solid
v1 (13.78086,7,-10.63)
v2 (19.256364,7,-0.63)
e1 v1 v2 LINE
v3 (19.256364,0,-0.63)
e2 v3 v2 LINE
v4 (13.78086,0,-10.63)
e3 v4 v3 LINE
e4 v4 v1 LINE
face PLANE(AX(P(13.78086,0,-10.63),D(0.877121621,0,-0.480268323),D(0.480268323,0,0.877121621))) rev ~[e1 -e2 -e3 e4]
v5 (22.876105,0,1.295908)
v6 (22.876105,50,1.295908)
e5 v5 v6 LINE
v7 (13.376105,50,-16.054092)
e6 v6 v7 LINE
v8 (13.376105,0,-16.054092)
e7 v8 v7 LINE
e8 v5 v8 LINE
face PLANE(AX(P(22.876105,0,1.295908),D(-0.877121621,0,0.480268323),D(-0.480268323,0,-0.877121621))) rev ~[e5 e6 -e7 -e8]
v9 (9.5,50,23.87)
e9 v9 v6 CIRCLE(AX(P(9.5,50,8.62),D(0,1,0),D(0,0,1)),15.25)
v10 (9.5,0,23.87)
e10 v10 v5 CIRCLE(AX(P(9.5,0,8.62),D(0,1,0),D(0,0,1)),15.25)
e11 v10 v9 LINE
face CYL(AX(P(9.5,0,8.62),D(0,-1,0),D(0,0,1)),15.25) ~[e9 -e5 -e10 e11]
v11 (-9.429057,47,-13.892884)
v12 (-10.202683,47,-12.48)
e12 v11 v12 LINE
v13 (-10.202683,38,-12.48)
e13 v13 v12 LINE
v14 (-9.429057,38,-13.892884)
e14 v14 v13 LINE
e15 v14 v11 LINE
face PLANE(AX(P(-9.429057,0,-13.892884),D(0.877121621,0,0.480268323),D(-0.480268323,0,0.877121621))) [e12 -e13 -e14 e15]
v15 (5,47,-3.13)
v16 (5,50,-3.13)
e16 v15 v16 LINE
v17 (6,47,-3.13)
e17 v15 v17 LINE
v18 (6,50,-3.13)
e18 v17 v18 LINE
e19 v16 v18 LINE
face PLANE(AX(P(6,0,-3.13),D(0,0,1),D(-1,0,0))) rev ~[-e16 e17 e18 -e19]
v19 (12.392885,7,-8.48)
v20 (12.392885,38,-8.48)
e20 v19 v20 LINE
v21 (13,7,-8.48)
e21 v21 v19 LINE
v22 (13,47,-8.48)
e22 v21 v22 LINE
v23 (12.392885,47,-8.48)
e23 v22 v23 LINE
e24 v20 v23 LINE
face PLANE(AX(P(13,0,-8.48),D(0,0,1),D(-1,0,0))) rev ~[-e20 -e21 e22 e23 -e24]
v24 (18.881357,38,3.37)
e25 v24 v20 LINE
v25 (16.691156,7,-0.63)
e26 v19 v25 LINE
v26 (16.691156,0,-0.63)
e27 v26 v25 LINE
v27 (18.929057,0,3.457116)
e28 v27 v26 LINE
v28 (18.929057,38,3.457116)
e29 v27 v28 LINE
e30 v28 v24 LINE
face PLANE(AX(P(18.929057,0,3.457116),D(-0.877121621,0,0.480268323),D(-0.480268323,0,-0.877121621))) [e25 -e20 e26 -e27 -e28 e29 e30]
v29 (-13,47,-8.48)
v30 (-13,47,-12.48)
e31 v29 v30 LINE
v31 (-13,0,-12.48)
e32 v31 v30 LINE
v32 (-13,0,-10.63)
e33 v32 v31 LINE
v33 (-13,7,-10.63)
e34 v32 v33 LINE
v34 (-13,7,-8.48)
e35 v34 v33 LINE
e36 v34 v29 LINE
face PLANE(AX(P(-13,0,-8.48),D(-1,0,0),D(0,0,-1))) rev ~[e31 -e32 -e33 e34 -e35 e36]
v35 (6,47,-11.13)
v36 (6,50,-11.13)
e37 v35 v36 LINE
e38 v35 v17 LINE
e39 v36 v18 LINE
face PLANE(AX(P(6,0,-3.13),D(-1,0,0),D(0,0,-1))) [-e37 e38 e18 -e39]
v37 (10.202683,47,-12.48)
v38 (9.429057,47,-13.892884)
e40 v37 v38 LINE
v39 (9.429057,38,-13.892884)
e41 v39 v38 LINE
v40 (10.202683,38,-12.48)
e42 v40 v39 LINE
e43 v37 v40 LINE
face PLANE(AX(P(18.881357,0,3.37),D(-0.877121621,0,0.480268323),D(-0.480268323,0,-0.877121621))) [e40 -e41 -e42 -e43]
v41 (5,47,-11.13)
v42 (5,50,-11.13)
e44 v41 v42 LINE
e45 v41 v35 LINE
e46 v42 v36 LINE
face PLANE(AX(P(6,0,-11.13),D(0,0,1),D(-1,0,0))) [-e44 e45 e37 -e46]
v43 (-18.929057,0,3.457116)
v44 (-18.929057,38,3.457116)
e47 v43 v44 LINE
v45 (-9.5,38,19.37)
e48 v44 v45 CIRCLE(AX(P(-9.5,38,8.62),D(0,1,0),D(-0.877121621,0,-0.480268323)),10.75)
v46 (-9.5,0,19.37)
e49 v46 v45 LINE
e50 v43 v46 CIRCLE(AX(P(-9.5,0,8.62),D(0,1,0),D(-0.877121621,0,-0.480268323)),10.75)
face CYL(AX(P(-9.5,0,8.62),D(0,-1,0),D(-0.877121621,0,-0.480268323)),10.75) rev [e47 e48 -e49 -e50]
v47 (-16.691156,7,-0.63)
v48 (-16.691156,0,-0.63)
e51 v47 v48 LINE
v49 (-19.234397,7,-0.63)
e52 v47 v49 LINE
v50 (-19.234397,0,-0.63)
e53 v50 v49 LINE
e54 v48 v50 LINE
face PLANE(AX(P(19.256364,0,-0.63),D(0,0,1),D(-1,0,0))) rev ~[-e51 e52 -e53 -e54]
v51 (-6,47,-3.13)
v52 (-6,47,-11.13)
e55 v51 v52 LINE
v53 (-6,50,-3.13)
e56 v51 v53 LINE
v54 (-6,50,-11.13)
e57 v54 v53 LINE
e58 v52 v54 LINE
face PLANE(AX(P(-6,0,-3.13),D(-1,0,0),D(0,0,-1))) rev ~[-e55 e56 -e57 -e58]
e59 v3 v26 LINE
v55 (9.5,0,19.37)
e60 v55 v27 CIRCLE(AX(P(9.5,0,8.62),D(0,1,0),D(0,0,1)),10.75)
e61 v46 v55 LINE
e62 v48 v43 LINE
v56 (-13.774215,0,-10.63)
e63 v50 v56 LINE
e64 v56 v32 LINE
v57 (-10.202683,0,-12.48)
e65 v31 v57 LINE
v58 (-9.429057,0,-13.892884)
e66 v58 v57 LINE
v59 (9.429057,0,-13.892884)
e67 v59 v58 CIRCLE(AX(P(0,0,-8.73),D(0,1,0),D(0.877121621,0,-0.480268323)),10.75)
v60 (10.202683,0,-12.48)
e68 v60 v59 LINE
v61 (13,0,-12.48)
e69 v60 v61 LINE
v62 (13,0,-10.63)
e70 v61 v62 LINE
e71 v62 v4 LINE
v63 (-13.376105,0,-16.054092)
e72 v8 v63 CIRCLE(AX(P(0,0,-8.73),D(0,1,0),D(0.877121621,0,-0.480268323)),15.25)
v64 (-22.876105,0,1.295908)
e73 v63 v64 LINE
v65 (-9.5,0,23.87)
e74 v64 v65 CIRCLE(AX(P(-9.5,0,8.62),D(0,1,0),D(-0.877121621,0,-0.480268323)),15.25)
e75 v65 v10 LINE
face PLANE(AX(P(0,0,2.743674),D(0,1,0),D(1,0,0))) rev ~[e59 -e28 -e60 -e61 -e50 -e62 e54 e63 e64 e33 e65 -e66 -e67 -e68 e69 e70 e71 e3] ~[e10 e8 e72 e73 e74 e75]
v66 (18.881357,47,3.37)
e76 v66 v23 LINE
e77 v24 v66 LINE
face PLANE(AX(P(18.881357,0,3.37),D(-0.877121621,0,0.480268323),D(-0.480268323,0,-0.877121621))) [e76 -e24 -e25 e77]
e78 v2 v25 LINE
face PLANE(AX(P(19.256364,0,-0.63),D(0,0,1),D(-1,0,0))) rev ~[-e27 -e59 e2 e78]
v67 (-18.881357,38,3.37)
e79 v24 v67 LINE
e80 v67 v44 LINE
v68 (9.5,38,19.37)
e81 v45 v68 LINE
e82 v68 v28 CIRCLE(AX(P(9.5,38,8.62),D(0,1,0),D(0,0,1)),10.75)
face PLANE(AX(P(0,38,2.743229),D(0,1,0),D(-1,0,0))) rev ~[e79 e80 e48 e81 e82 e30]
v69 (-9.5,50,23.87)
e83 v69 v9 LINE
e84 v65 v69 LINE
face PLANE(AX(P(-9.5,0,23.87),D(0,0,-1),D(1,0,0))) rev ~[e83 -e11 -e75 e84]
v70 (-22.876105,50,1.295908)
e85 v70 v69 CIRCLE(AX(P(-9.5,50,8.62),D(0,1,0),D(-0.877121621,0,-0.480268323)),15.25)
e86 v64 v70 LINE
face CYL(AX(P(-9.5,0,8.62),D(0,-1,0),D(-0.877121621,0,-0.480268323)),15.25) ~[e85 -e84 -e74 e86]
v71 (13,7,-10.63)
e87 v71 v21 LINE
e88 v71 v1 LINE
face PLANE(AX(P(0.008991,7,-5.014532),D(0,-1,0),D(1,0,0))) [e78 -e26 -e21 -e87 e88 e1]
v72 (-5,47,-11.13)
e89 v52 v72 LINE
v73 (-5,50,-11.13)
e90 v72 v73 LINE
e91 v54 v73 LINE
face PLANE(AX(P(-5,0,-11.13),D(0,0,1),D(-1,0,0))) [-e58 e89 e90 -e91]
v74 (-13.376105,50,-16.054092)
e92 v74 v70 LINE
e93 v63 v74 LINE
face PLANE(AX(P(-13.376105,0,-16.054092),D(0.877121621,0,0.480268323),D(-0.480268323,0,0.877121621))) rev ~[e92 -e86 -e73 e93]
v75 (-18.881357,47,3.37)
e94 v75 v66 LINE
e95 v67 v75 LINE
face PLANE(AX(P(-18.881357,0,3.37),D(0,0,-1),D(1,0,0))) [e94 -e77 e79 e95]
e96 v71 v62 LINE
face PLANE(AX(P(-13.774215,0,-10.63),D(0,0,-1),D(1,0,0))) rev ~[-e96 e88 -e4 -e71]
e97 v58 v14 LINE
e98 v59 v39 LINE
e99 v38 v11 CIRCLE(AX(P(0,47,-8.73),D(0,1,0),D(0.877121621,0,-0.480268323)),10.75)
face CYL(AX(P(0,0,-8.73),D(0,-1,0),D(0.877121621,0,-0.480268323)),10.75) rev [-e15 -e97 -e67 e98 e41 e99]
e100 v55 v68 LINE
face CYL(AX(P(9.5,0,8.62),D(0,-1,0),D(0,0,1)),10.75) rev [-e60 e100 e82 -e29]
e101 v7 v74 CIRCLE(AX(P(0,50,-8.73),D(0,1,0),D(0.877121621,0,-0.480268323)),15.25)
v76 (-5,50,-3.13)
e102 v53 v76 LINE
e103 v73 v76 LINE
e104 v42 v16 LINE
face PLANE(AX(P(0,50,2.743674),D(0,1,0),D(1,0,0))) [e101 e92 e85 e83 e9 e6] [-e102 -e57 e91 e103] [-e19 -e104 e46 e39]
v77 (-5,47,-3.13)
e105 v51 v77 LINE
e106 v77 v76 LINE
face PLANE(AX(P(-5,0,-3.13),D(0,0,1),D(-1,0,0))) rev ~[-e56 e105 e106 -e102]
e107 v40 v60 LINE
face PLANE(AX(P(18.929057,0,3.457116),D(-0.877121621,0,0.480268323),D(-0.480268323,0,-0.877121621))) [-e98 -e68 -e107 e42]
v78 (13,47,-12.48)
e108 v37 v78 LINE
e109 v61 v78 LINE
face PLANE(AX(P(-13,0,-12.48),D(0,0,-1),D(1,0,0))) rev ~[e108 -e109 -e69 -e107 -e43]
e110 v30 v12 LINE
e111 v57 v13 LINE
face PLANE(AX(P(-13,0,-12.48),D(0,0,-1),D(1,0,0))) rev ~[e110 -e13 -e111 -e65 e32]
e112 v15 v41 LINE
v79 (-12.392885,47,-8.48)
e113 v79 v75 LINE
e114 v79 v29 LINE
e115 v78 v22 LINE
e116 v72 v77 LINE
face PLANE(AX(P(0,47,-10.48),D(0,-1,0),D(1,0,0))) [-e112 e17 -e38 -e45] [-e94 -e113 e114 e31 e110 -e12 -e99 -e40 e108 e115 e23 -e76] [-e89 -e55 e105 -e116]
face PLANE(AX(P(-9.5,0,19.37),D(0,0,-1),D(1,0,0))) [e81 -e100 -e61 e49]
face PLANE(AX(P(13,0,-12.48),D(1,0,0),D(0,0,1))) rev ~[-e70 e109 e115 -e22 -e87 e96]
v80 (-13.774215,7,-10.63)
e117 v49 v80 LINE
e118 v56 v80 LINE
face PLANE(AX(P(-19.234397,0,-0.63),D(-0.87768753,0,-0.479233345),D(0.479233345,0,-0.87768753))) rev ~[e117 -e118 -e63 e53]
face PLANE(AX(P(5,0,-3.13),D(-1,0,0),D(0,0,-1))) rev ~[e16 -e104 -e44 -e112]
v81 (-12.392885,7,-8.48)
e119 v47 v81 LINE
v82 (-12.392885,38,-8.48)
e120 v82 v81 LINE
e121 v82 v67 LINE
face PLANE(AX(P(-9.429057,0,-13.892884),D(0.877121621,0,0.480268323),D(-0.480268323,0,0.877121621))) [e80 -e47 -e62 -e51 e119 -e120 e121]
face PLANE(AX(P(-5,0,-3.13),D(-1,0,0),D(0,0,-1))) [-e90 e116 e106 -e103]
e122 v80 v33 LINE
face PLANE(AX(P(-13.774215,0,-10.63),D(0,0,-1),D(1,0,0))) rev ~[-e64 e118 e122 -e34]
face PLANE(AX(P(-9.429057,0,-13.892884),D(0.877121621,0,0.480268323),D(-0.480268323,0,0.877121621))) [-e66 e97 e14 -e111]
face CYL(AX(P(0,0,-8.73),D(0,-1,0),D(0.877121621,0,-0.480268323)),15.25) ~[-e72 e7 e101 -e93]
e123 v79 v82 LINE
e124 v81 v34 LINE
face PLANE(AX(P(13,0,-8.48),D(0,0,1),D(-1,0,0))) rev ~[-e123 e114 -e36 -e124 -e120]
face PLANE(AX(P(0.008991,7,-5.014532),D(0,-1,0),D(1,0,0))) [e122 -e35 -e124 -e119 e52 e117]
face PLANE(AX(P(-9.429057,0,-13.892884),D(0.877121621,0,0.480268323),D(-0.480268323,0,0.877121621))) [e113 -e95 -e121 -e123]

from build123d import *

# Parameters (mm, degrees)
RESSALTO_EXTRUS_O2_DEPTH = 50
CORTE_EXTRUS_O1_DEPTH    = 38
CORTE_EXTRUS_O3_DEPTH    = 47
ESBO_O5_W                = 1
ESBO_O5_H                = 8
CORTE_EXTRUS_O4_DEPTH    = 61.725636267
CORTE_EXTRUS_O5_DEPTH    = 7
CORTE_EXTRUS_O6_DEPTH    = 47


with BuildPart() as part:
    # Esboço1 → Ressalto-extrusão2 (new body)
    with BuildSketch(Plane(origin=(0, 0, 0), x_dir=(1, 0, 0), z_dir=(0, 1, 0))):
        with BuildLine():
            Line((-13.376104721, 16.054091922), (-22.876104721, -1.295908078))
            ThreePointArc((-22.876104721, -1.295908078), (-22.619735169, -16.393998269), (-9.5, -23.87))
            Line((-9.5, -23.87), (9.5, -23.87))
            ThreePointArc((9.5, -23.87), (22.619735169, -16.393998269), (22.876104721, -1.295908078))
            Line((22.876104721, -1.295908078), (13.376104721, 16.054091922))
            ThreePointArc((13.376104721, 16.054091922), (0, 23.98), (-13.376104721, 16.054091922))
        make_face()
    extrude(amount=RESSALTO_EXTRUS_O2_DEPTH)

    # Esboço3 → Corte-extrusão1 (cut)
    with BuildSketch(Plane.XZ):
        with BuildLine():
            Line((-9.5, 19.37), (9.5, 19.37))
            ThreePointArc((9.5, 19.37), (18.748337906, 14.100031567), (18.929057426, 3.45711553))
            Line((18.929057426, 3.45711553), (9.429057426, -13.89288447))
            ThreePointArc((9.429057426, -13.89288447), (0, -19.48), (-9.429057426, -13.89288447))
            Line((-9.429057426, -13.89288447), (-18.929057426, 3.45711553))
            ThreePointArc((-18.929057426, 3.45711553), (-18.748337906, 14.100031567), (-9.5, 19.37))
        make_face()
    extrude(amount=-CORTE_EXTRUS_O1_DEPTH, mode=Mode.SUBTRACT)

    # Esboço4 → Corte-extrusão3 (cut)
    with BuildSketch(Plane.XZ):
        with BuildLine():
            Line((0, 3.37), (18.88135728, 3.37))
            Line((18.88135728, 3.37), (9.429057426, -13.89288447))
            ThreePointArc((9.429057426, -13.89288447), (0, -19.48), (-9.429057426, -13.89288447))
            Line((-9.429057426, -13.89288447), (-18.88135728, 3.37))
            Line((-18.88135728, 3.37), (0, 3.37))
        make_face()
    extrude(amount=-CORTE_EXTRUS_O3_DEPTH, mode=Mode.SUBTRACT)

    # Esboço5 → Corte-extrusão4 (cut, through all)
    with BuildSketch(Plane(origin=(0, 0, 0), x_dir=(-1, 0, 0), z_dir=(0, -1, 0))):
        with Locations((-5.5, 7.13)):
            Rectangle(ESBO_O5_W, ESBO_O5_H)
        with Locations((5.5, 7.13)):
            Rectangle(ESBO_O5_W, ESBO_O5_H)
    extrude(amount=-CORTE_EXTRUS_O4_DEPTH, mode=Mode.SUBTRACT)

    # Esboço6 → Corte-extrusão5 (cut)
    with BuildSketch(Plane.XZ):
        Polygon((-13.774214885, -10.63), (13.780859913, -10.63), (19.256364236, -0.63), (2.792834358, -0.63), (-19.234396653, -0.63), align=None)
    extrude(amount=-CORTE_EXTRUS_O5_DEPTH, mode=Mode.SUBTRACT)

    # Esboço7 → Corte-extrusão6 (cut)
    with BuildSketch(Plane.XZ):
        Polygon((0, -12.48), (13, -12.48), (13, -8.48), (-13, -8.48), (-13, -12.48), align=None)
    extrude(amount=-CORTE_EXTRUS_O6_DEPTH, mode=Mode.SUBTRACT)


solid = part.part
